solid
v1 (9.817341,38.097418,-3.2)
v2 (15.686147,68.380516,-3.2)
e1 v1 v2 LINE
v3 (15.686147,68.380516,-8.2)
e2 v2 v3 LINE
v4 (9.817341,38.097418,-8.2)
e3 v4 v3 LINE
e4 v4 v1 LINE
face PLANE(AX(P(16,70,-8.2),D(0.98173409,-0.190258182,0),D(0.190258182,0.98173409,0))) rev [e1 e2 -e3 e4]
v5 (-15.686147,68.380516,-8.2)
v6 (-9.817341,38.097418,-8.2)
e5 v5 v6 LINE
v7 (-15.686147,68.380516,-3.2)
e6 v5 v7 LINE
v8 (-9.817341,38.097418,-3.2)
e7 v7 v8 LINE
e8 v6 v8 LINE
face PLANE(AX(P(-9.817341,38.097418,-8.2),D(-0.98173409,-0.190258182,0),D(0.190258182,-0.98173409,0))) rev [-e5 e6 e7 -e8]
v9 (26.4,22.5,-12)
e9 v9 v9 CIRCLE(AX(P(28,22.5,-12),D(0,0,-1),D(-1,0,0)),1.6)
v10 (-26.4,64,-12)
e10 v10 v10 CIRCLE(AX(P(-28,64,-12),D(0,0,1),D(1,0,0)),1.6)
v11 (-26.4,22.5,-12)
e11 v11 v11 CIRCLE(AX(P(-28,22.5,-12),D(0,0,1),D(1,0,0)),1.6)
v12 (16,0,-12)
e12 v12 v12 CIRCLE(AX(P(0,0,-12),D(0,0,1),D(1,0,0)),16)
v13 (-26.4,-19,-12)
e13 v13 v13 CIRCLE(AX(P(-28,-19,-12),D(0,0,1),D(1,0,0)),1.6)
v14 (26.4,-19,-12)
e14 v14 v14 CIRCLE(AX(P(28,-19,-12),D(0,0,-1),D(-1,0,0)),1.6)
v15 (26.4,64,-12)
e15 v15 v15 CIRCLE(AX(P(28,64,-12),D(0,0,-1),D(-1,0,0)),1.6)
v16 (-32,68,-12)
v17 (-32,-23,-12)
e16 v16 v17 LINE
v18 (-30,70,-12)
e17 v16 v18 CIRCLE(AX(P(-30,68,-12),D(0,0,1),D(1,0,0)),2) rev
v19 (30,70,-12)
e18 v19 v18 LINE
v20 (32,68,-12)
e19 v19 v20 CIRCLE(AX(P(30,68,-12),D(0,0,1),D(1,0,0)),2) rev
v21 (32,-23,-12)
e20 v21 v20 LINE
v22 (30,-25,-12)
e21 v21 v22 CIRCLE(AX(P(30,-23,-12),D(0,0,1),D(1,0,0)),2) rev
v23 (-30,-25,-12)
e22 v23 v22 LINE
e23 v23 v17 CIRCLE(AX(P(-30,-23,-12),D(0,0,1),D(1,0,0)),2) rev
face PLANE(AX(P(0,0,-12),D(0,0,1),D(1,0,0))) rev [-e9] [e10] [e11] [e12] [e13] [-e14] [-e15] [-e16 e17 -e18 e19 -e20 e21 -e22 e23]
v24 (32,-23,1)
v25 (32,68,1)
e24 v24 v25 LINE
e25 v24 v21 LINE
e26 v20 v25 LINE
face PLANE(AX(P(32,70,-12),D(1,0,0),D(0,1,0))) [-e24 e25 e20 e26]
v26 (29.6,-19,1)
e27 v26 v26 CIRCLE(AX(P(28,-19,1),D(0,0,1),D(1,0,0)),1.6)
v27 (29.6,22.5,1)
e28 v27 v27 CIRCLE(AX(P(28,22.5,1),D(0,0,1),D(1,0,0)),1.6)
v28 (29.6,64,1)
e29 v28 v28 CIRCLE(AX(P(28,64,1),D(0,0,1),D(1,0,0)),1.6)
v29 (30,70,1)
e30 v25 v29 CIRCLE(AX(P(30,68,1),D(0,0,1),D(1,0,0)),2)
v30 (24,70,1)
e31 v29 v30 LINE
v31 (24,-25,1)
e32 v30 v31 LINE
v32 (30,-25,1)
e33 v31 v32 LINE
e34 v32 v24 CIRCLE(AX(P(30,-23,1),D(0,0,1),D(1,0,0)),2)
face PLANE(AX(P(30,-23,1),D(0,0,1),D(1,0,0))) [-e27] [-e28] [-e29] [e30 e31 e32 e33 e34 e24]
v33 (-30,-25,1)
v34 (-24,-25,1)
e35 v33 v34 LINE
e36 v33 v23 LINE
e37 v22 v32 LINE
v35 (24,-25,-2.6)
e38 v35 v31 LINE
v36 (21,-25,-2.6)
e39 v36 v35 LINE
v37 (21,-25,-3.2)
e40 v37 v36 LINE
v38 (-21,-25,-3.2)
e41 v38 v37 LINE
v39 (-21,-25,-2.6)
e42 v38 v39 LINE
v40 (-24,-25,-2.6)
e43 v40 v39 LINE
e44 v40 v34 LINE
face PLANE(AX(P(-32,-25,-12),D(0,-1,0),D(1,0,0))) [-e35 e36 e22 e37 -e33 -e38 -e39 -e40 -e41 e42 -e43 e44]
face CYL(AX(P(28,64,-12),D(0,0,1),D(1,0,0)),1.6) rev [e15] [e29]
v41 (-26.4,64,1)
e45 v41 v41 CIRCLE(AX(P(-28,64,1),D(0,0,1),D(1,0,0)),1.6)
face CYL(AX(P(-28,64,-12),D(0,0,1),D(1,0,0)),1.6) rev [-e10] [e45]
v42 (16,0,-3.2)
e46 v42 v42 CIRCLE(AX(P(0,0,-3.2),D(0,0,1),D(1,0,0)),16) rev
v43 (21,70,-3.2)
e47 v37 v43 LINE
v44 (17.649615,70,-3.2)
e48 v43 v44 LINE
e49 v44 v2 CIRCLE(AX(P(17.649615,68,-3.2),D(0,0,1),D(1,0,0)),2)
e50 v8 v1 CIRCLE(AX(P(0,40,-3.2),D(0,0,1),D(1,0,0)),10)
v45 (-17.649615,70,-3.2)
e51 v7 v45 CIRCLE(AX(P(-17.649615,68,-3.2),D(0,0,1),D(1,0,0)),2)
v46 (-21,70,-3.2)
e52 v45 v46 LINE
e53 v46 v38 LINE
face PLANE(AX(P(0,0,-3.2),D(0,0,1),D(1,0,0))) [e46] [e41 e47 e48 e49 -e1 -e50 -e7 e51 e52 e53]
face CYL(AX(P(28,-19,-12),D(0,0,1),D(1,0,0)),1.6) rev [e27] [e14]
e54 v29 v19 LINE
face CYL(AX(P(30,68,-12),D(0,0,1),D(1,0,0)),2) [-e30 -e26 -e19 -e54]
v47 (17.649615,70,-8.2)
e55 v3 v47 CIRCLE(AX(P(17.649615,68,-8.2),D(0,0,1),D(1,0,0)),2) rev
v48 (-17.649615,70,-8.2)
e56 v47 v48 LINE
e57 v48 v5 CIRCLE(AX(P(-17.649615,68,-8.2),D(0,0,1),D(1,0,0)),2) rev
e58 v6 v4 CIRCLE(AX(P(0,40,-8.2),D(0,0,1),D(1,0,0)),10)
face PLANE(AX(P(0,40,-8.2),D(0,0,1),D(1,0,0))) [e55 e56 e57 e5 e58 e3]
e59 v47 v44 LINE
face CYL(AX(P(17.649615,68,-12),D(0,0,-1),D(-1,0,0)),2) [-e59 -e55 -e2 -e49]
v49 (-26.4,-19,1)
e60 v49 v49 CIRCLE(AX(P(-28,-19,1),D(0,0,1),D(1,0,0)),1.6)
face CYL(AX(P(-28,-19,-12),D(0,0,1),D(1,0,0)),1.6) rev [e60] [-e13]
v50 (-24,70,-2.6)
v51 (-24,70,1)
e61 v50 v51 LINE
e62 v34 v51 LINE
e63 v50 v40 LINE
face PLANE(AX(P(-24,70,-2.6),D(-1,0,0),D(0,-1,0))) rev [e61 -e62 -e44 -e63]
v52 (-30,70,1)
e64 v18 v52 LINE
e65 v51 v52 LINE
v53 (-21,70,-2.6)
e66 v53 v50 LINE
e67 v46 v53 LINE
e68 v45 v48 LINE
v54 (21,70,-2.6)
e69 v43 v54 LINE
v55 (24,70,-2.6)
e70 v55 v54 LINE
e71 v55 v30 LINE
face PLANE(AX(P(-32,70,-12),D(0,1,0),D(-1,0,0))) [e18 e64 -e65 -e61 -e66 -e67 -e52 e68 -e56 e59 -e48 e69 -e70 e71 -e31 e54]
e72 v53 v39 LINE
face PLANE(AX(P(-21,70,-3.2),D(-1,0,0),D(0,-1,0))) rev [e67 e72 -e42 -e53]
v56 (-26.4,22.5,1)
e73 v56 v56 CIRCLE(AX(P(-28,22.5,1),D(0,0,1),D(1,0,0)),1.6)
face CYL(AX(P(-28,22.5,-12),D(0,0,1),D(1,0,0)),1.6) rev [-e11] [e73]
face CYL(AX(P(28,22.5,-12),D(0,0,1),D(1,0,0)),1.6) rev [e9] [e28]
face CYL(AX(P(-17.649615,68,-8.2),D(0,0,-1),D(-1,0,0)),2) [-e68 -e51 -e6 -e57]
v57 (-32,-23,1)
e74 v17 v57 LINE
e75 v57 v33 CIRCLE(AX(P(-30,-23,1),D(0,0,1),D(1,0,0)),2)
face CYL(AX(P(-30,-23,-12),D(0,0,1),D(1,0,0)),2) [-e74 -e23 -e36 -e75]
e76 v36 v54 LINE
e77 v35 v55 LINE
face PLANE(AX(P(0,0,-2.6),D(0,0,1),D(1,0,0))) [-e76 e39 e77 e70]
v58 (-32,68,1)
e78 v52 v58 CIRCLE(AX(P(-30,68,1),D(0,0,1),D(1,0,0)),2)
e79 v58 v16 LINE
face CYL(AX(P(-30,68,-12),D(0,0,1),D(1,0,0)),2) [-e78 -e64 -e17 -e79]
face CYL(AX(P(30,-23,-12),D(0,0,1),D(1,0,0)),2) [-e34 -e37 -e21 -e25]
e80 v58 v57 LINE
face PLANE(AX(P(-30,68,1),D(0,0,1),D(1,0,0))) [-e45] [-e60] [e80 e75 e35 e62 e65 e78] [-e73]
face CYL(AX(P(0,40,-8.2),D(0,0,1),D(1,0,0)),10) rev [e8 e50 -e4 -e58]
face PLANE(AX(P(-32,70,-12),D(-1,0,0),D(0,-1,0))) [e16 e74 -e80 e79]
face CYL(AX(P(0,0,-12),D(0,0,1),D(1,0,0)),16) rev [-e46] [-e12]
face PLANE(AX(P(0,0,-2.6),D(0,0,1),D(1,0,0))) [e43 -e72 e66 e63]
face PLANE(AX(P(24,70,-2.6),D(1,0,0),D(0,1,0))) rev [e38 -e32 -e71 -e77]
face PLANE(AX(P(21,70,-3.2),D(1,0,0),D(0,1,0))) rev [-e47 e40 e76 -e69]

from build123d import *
from build123d.topology import SkipClean

# Parameters (mm, degrees)
ESQUISSE1_W             = 64
ESQUISSE1_H             = 95
ESQUISSE1_R             = 16
BOSS_EXTRU_1_DEPTH      = 12
ESQUISSE2_W             = 48
ESQUISSE2_H             = 95
ENL_V_MAT_EXTRU_1_DEPTH = 2.6
ESQUISSE3_W             = 42
ESQUISSE3_H             = 95
ENL_V_MAT_EXTRU_2_DEPTH = 0.6
ESQUISSE4_R             = 1.6
ENL_V_MAT_EXTRU_4_DEPTH = 78.897368377
ENL_V_MAT_EXTRU_5_DEPTH = 5
CONG_1_R                = 2
BOSS_EXTRU_2_START      = 1
ESQUISSE6_R             = 1.6
BOSS_EXTRU_2_DEPTH      = 1


with BuildPart() as part:
    # Esquisse1 → Boss.-Extru.1 (new body)
    with BuildSketch(Plane.XY):
        with Locations((0, 22.5)):
            Rectangle(ESQUISSE1_W, ESQUISSE1_H)
        Circle(ESQUISSE1_R, mode=Mode.SUBTRACT)
    extrude(amount=-BOSS_EXTRU_1_DEPTH)

    # Esquisse2 → Enlèv. mat.-Extru.1 (cut)
    with BuildSketch(Plane.XY):
        with Locations((0, 22.5)):
            Rectangle(ESQUISSE2_W, ESQUISSE2_H)
    extrude(amount=-ENL_V_MAT_EXTRU_1_DEPTH, mode=Mode.SUBTRACT)

    # Esquisse3 → Enlèv. mat.-Extru.2 (cut)
    with BuildSketch(Plane.XY.offset(-2.6)):
        with Locations((0, 22.5)):
            Rectangle(ESQUISSE3_W, ESQUISSE3_H)
    extrude(amount=-ENL_V_MAT_EXTRU_2_DEPTH, mode=Mode.SUBTRACT)

    # Esquisse4 → Enlèv. mat.-Extru.4 (cut, through all)
    with BuildSketch(Plane.XY):
        with Locations((-28, -19)):
            Circle(ESQUISSE4_R)
        with Locations((-28, 22.5)):
            Circle(ESQUISSE4_R)
        with Locations((-28, 64)):
            Circle(ESQUISSE4_R)
    enl_v_mat_extru_4 = extrude(amount=-ENL_V_MAT_EXTRU_4_DEPTH, mode=Mode.SUBTRACT)

    # Symétrie1: Enlèv. mat.-Extru.4 across plane
    add(enl_v_mat_extru_4.mirror(Plane(origin=(0, 0, 0), x_dir=(0, 0, 1), z_dir=(1, 0, 0))), mode=Mode.SUBTRACT)

    # Esquisse5 → Enlèv. mat.-Extru.5 (cut)
    with BuildSketch(Plane.XY.offset(-3.2)):
        with BuildLine():
            Line((16, 70), (9.817340904, 38.097418184))
            ThreePointArc((9.817340904, 38.097418184), (0, 30), (-9.817340904, 38.097418184))
            Line((-9.817340904, 38.097418184), (-16, 70))
            Line((-16, 70), (16, 70))
        make_face()
    extrude(amount=-ENL_V_MAT_EXTRU_5_DEPTH, mode=Mode.SUBTRACT)

    # Congé1
    cong_1_edges = [part.edges().sort_by_distance(p)[0] for p in [
        (-32, 70, -6),
        (32, 70, -6),
        (32, -25, -6),
        (-32, -25, -6),
        (-16, 70, -5.7),
        (16, 70, -5.7),
    ]]
    fillet(cong_1_edges, radius=CONG_1_R)

    # Esquisse6 → Boss.-Extru.2 (add)
    # profile 1 of 2: a face of its own
    with SkipClean():  # the faces are left unmerged after this step: merging them gives an invalid solid
        with BuildSketch(Plane.XY.offset(BOSS_EXTRU_2_START)):
            with BuildLine():
                Line((-32, 68), (-32, -23))
                ThreePointArc((-32, -23), (-31.414213562, -24.414213562), (-30, -25))
                Line((-30, -25), (-24, -25))
                Line((-24, -25), (-24, 70))
                Line((-24, 70), (-30, 70))
                ThreePointArc((-30, 70), (-31.414213562, 69.414213562), (-32, 68))
            make_face()
            with Locations((-28, 64)):
                Circle(ESQUISSE6_R, mode=Mode.SUBTRACT)
            with Locations((-28, 22.5)):
                Circle(ESQUISSE6_R, mode=Mode.SUBTRACT)
            with Locations((-28, -19)):
                Circle(ESQUISSE6_R, mode=Mode.SUBTRACT)
        # profile 2 of 2: a face of its own
        with BuildSketch(Plane.XY.offset(BOSS_EXTRU_2_START)):
            with BuildLine():
                Line((32, -23), (32, 68))
                ThreePointArc((32, 68), (31.414213562, 69.414213562), (30, 70))
                Line((30, 70), (24, 70))
                Line((24, 70), (24, -25))
                Line((24, -25), (30, -25))
                ThreePointArc((30, -25), (31.414213562, -24.414213562), (32, -23))
            make_face()
            with Locations((28, -19)):
                Circle(ESQUISSE6_R, mode=Mode.SUBTRACT)
            with Locations((28, 22.5)):
                Circle(ESQUISSE6_R, mode=Mode.SUBTRACT)
            with Locations((28, 64)):
                Circle(ESQUISSE6_R, mode=Mode.SUBTRACT)
        extrude(amount=-BOSS_EXTRU_2_DEPTH)


solid = part.part
